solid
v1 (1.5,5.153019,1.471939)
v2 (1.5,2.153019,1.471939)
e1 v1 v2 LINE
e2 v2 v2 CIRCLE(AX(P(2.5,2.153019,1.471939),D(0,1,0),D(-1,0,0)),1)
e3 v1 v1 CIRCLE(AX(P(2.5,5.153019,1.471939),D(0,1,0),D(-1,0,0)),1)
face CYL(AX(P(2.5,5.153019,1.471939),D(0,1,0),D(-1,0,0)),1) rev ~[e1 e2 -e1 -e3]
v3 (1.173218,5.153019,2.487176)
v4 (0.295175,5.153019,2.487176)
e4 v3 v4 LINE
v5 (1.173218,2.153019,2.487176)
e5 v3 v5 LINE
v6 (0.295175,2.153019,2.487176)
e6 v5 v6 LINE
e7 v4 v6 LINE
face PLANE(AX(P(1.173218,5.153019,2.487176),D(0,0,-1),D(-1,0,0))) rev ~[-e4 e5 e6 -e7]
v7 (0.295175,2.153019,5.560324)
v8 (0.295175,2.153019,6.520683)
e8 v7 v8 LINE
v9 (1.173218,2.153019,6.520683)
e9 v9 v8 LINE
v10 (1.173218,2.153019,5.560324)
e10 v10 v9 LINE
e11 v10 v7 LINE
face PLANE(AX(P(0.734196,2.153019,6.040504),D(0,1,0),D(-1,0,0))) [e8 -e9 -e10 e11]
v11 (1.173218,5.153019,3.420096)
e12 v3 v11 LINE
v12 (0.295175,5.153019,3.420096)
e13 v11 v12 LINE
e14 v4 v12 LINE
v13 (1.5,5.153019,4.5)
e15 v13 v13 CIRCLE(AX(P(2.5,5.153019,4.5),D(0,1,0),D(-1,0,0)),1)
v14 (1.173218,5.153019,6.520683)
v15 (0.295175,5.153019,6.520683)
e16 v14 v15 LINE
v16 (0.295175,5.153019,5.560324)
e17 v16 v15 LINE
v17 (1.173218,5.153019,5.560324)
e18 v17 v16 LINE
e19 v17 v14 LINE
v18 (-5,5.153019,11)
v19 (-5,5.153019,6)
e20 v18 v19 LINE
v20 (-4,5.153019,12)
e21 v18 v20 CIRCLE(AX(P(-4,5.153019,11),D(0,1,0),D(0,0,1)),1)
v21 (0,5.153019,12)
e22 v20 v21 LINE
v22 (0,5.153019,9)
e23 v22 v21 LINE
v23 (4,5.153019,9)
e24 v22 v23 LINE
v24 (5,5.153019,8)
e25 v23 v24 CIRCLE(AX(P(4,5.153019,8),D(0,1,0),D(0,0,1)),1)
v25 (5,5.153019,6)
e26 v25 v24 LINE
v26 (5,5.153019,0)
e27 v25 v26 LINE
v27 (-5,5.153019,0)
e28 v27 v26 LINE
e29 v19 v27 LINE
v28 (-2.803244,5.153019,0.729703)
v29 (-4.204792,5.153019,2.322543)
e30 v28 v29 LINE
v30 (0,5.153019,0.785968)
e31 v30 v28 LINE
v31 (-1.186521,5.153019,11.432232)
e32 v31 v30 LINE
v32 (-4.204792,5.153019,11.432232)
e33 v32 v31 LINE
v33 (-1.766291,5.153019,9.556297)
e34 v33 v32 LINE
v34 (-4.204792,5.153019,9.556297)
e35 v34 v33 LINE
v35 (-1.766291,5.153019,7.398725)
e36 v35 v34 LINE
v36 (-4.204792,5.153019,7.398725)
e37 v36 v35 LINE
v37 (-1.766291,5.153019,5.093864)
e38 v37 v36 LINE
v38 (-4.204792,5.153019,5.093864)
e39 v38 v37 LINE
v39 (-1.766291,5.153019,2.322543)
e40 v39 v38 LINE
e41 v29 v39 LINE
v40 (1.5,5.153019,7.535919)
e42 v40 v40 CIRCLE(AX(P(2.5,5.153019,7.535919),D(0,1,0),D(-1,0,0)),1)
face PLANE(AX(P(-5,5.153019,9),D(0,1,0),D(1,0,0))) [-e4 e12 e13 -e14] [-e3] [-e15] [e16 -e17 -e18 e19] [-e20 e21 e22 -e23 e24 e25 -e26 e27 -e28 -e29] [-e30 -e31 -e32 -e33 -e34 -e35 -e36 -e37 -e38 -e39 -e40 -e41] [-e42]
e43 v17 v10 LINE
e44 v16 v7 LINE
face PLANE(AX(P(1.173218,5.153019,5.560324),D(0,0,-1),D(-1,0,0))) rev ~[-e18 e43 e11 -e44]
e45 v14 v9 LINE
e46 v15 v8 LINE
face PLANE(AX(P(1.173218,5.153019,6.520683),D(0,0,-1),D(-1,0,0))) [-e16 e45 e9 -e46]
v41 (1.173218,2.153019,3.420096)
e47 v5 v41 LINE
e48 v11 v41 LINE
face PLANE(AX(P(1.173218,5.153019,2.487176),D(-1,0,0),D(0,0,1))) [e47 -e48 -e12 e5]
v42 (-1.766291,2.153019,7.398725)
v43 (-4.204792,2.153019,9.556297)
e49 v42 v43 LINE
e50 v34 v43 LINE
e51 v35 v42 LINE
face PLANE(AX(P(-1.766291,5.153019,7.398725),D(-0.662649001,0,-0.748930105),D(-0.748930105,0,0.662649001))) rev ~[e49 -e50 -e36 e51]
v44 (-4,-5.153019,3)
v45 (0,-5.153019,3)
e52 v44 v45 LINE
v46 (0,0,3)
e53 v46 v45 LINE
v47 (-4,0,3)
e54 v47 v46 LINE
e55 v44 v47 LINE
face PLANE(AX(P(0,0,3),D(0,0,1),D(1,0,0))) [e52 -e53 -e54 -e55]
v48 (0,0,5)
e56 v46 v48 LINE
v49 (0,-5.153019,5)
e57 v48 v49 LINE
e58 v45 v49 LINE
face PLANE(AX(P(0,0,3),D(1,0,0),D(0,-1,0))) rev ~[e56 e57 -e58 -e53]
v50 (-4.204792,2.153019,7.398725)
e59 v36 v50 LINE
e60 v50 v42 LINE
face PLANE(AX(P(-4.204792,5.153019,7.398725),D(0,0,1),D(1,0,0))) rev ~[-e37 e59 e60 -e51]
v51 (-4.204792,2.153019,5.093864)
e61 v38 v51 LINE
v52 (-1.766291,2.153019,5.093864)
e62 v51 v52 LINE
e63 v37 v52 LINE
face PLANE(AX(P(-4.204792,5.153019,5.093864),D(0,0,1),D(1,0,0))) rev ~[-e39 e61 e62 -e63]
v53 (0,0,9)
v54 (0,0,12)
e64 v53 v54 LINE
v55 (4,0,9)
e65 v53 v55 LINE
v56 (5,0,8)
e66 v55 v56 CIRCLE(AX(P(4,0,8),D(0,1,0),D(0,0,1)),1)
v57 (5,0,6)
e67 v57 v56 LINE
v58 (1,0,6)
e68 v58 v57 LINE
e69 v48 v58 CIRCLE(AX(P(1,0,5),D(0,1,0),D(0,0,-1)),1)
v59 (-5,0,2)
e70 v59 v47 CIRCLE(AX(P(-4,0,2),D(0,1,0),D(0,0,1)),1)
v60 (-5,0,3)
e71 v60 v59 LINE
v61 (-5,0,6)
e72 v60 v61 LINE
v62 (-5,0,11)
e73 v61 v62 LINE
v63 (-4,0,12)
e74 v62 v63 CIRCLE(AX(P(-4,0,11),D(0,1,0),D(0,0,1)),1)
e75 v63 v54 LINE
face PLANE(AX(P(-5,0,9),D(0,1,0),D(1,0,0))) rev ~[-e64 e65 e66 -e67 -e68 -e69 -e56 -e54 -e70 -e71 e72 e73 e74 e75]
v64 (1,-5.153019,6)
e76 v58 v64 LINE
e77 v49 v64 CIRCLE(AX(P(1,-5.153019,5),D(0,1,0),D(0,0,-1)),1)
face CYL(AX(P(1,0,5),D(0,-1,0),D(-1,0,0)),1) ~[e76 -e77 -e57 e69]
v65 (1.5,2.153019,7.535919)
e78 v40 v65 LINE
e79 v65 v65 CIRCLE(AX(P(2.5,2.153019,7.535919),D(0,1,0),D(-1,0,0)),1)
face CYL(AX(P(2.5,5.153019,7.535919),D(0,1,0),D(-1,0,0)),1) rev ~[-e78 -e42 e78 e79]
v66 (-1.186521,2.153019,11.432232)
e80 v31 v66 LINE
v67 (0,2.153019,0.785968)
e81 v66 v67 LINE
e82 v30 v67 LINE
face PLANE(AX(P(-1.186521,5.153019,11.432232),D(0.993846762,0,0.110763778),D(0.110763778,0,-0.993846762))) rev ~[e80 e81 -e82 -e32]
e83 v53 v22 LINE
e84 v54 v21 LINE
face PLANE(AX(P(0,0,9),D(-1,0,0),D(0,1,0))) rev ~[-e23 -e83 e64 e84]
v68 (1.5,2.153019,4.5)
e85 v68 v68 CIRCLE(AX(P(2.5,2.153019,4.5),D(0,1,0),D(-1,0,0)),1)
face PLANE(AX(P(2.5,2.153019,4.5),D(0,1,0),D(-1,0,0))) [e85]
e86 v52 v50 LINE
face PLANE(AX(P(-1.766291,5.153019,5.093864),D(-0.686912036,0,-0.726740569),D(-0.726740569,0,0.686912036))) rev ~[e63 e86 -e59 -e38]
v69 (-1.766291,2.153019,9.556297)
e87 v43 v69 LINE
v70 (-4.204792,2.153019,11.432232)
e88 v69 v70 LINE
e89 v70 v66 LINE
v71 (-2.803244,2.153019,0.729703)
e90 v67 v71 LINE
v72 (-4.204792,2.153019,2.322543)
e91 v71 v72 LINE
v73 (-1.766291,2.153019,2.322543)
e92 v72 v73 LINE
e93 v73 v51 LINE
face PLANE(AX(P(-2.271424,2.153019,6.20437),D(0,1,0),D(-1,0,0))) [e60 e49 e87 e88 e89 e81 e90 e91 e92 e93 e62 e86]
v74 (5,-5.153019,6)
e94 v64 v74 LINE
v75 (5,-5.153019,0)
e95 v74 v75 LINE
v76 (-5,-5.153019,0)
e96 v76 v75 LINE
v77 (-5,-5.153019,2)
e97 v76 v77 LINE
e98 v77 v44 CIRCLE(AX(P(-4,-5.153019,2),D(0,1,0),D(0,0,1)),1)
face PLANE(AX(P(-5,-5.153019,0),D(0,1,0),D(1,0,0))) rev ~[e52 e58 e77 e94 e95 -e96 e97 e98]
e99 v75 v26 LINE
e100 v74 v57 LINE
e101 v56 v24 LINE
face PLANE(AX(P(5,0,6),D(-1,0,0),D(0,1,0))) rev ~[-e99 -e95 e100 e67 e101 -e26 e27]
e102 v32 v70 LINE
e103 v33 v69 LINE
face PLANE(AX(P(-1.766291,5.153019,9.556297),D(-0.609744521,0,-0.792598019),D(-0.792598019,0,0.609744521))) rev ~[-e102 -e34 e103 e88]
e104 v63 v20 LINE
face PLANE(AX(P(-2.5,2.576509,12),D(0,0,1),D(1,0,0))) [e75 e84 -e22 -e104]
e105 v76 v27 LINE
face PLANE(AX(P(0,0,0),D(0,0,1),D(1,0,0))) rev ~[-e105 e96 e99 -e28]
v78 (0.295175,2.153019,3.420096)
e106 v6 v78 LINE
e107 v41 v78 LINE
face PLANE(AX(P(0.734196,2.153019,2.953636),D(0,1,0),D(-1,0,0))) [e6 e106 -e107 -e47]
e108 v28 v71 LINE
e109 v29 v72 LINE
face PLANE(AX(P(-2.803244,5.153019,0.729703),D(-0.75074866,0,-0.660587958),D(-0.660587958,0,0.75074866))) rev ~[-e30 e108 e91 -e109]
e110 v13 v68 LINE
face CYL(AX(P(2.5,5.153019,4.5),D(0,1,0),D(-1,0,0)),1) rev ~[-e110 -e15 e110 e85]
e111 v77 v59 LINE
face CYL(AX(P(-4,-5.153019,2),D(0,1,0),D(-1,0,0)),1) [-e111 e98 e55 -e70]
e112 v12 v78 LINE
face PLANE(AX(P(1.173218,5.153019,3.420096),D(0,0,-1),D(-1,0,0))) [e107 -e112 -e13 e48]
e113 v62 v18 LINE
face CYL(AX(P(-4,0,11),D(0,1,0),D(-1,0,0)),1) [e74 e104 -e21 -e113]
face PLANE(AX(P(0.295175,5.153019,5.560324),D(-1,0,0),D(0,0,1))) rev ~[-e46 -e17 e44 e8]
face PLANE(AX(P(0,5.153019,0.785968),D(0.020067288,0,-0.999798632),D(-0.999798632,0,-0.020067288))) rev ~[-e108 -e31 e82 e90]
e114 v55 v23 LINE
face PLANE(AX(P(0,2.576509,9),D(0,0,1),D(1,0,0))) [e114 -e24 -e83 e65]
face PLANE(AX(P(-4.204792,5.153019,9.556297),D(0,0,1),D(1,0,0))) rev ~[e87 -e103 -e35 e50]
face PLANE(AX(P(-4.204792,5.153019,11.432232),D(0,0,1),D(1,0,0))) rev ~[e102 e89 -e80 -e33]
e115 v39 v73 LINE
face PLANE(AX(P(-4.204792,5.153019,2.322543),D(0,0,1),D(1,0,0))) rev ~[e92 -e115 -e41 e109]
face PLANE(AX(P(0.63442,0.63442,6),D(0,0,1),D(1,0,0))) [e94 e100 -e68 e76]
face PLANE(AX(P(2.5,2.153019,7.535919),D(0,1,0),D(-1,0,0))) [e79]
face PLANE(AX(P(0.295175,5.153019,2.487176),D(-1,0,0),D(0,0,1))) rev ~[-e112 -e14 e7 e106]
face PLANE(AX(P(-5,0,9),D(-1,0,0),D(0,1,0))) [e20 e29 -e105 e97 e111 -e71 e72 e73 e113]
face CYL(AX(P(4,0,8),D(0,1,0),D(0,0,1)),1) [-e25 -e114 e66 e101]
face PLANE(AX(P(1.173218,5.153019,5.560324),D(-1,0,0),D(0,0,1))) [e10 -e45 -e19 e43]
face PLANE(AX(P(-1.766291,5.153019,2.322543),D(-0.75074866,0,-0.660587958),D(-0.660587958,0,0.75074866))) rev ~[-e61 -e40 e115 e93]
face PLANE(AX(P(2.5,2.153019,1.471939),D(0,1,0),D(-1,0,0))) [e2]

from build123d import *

# Parameters (mm, degrees)
F0_W     = 10
F0_H     = 10.306037739
F1_DEPTH = 3
F3_DEPTH = 3
F4_W     = 10
F4_H     = 5.1530188695
F5_DEPTH = 3
F6_W     = 5
F6_H     = 5.1530188695
F7_DEPTH = 3
F8_R     = 1
F8_W     = 0.8780423959
F8_H     = 0.9329200257
F8_W_2   = 0.8780424541
F8_H_2   = 0.9603588842
F9_DEPTH = 3
F10_R    = 1


with BuildPart() as f1:
    # F0 (on Top) → F1 (new body)
    with BuildSketch(Plane.XY):
        Rectangle(F0_W, F0_H)
    extrude(amount=F1_DEPTH)

    # F2 (on face) → F3 (join)
    with BuildSketch(Plane.XY.offset(3)):
        Polygon((-5, 5.1530188695), (-5, 0), (0, 0), (0, -5.1530188695), (5, -5.1530188695), (5, 5.1530188695), (-2.5035347862, 5.1530188695), align=None)
    extrude(amount=F3_DEPTH)

    # F4 (on face) → F5 (join)
    with BuildSketch(Plane.XY.offset(6)):
        with Locations((0, 2.5765094348)):
            Rectangle(F4_W, F4_H)
    extrude(amount=F5_DEPTH)

    # F6 (on face) → F7 (join)
    with BuildSketch(Plane.XY.offset(9)):
        with Locations((-2.5, 2.5765094348)):
            Rectangle(F6_W, F6_H)
    extrude(amount=F7_DEPTH)

    # F8 (on face) → F9 (cut)
    with BuildSketch(Plane(origin=(0, 5.1530188695, 0), x_dir=(-1, 0, 0), z_dir=(0, 1, 0))):
        with Locations((-2.5, 7.5359190814)):
            Circle(F8_R)
        with Locations((-2.5, 4.5)):
            Circle(F8_R)
        with Locations((-2.5, 1.4719393803)):
            Circle(F8_R)
        with Locations((-0.7341963501, 2.9536358779)):
            Rectangle(F8_W, F8_H)
        with Locations((-0.734196321, 6.0405035038)):
            Rectangle(F8_W_2, F8_H_2)
        Polygon((1.1865213746, 11.4322323352), (0, 0.7859683246), (2.8032438053, 0.729703495), (4.2047919706, 2.322542714), (1.7662906772, 2.322542714), (4.2047919706, 5.0938641652), (1.7662906772, 5.0938641652), (4.2047919706, 7.3987250216), (1.7662906772, 7.3987250216), (4.2047919706, 9.5562967831), (1.7662906772, 9.5562967831), (4.2047919706, 11.4322323352), align=None)
    extrude(amount=-F9_DEPTH, mode=Mode.SUBTRACT)

    # F10
    f10_edges = [f1.edges().sort_by_distance(p)[0] for p in [
        (-5, 2.576509, 12),
        (5, 2.576509, 9),
        (0, -2.576509, 6),
        (-5, -2.576509, 3),
    ]]
    fillet(f10_edges, radius=F10_R)


solid = f1.part
